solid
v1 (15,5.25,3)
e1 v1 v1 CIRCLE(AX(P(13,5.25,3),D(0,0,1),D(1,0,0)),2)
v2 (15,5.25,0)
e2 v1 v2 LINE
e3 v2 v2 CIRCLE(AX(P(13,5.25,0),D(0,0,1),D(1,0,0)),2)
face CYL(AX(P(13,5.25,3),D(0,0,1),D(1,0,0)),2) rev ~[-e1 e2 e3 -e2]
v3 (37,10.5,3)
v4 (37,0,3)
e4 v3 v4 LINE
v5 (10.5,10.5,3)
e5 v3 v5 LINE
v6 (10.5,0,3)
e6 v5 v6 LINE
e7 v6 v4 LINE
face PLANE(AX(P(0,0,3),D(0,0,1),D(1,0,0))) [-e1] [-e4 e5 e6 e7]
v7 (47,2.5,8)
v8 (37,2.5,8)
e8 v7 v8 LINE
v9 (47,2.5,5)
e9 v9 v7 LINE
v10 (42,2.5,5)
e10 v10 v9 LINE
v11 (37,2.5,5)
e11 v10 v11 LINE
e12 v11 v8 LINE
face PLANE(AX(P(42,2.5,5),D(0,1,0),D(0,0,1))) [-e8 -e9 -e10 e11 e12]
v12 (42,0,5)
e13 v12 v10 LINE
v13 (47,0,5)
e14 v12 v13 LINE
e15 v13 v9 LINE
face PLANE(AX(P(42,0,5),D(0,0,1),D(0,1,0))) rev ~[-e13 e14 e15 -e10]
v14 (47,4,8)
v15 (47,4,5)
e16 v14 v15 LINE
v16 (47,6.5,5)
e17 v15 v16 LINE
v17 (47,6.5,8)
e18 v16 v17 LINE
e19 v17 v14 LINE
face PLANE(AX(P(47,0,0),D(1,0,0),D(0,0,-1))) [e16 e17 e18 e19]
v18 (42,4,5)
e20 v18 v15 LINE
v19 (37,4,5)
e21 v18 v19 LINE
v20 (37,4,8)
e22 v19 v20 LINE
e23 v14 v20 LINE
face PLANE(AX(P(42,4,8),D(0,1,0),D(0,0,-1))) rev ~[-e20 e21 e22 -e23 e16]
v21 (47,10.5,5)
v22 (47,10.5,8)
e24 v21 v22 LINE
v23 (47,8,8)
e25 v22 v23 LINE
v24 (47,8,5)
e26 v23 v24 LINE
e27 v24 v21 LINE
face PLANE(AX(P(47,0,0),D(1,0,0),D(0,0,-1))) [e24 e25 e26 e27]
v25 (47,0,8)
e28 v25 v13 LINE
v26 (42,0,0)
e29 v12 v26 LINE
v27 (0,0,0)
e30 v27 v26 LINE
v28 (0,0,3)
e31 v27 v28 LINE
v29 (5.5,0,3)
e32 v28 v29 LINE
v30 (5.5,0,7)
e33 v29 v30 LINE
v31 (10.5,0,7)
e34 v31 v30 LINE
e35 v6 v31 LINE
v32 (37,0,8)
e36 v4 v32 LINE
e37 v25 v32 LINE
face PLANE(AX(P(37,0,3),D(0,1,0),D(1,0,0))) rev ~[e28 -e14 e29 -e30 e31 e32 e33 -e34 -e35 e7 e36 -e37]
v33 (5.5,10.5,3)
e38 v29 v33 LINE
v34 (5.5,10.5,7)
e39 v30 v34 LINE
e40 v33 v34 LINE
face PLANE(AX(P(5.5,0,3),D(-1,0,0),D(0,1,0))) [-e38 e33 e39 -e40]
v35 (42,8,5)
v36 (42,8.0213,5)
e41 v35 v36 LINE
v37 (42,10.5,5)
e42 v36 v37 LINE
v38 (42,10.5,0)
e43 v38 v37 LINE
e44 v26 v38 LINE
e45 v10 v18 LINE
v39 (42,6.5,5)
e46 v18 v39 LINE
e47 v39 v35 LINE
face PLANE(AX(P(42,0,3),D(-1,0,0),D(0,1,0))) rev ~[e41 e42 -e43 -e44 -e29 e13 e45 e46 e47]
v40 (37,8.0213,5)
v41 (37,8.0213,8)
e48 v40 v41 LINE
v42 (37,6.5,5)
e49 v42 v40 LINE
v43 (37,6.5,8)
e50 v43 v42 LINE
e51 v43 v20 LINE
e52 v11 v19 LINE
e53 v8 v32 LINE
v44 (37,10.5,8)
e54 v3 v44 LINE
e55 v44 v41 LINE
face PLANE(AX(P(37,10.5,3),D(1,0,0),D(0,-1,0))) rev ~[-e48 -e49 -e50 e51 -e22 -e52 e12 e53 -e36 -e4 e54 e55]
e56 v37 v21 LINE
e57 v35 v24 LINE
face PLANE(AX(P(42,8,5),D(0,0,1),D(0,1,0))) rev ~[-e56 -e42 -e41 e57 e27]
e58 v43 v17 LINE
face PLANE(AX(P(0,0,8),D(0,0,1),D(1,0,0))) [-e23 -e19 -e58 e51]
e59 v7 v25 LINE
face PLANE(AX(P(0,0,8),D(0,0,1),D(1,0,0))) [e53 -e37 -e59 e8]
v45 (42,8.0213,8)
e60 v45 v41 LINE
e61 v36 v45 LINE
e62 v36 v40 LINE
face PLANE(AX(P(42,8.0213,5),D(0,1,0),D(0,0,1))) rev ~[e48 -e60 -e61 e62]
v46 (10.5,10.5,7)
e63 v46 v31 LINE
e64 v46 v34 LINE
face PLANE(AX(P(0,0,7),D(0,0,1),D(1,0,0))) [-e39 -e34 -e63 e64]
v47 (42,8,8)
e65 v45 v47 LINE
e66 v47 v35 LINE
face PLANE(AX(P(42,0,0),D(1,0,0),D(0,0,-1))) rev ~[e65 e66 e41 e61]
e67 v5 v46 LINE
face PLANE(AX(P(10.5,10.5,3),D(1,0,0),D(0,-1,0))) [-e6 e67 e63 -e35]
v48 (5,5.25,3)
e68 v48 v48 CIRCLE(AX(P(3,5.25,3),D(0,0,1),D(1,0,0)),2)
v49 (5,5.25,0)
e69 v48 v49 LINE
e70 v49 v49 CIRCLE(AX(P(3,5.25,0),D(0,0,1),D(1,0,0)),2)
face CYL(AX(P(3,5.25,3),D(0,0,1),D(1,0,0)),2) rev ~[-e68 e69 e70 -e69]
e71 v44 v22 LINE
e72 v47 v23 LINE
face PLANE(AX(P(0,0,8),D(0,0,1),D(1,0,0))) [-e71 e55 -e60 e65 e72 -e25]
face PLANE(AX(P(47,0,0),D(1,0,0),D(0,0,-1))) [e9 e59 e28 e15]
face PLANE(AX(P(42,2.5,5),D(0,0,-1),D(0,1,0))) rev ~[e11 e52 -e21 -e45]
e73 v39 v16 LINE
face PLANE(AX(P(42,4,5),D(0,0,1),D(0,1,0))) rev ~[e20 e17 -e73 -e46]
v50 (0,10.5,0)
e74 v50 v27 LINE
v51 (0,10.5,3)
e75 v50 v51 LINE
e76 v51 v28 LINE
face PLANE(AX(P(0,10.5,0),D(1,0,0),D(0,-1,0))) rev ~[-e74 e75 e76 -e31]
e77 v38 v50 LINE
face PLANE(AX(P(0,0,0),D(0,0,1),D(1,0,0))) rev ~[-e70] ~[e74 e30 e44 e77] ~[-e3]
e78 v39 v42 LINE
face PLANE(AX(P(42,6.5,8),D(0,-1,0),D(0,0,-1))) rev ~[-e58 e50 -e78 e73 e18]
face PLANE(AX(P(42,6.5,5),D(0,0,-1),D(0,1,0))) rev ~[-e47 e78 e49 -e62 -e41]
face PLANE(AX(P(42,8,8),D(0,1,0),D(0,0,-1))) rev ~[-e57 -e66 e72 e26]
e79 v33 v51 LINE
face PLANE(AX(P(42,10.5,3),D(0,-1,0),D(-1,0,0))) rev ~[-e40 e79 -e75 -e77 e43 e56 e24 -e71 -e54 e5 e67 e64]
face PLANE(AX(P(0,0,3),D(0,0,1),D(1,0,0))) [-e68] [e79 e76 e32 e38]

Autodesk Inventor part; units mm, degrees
ref_plane "YZ Plane" through (0, 0, 0) normal (1, 0, 0) x (0, 1, 0)
ref_plane "XZ Plane" through (0, 0, 0) normal (0, 1, 0) x (-1, 0, 0)
ref_plane "XY Plane" through (0, 0, 0) normal (0, 0, 1) x (1, 0, 0)
sketch "Esquisse1" plane through (0, 0, 0) normal (0, 0, 1) x (1, 0, 0)
  line L0 (0, 0) -> (42, 0)
  line L1 (42, 0) -> (42, 10.5)
  line L2 (42, 10.5) -> (0, 10.5)
  line L3 (0, 10.5) -> (0, 0)
  dimension "d0" = 42
  dimension "d1" = 10.5
extrude "Extrusion1" add sketch "Esquisse1" along normal blind 3
sketch "Esquisse2" plane through (0, 0, 3) normal (0, 0, 1) x (1, 0, 0)
  line L0 (0, 10.5) -> (0, 0) projected
  circle A0 centre (3, 5.25) radius 2
  circle A1 centre (13, 5.25) radius 2
  dimension "d4" = 3
  dimension "d5" = 10
  dimension "d6" = 4
  dimension "d7" = 4
extrude "Extrusion2" cut sketch "Esquisse2" against normal through all
sketch "Esquisse3" plane through (0, 0, 3) normal (0, 0, 1) x (1, 0, 0)
  line L0 (0, 10.5) -> (0, 0) projected
  line L1 (0, 10.5) -> (5.5, 10.5)
  line L2 (42, 10.5) -> (0, 10.5) projected
  line L3 (5.5, 10.5) -> (10.5, 10.5)
  line L4 (10.5, 10.5) -> (10.5, 0)
  line L5 (10.5, 0) -> (5.5, 0)
  line L6 (5.5, 0) -> (5.5, 10.5)
  dimension "d10" = 5.5
  dimension "d11" = 5
  dimension "d12" = 10.5
extrude "Extrusion3" add sketch "Esquisse3" along normal blind 4
sketch "Esquisse4" plane through (0, 0, 3) normal (0, 0, 1) x (1, 0, 0)
  line L0 (42, 10.5) -> (0, 10.5) projected
  line L1 (42, 10.5) -> (37, 10.5)
  line L2 (37, 10.5) -> (37, 0)
  line L3 (37, 0) -> (42, 0)
  line L4 (42, 0) -> (42, 10.5)
  point P0 (0, 0)
  dimension "d15" = 5
  dimension "d16" = 10.5
extrude "Extrusion4" add sketch "Esquisse4" along normal blind 5
sketch "Esquisse5" plane through (42, 0, 0) normal (1, 0, 0) x (0, 0, -1)
  line L0 (-8, 10.5) -> (-8, 0) projected
  line L1 (-8, 0) -> (-5, 0)
  line L2 (-5, 0) -> (-5, 2.5)
  line L3 (-5, 2.5) -> (-8, 2.5)
  line L4 (-8, 2.5) -> (-8, 0)
  line L5 (-8, 2.5) -> (-8, 4)
  line L6 (-8, 4) -> (-5, 4)
  line L7 (-5, 4) -> (-5, 6.5)
  line L8 (-5, 6.5) -> (-8, 6.5)
  line L9 (-8, 6.5) -> (-8, 4)
  line L10 (-8, 6.5) -> (-8, 8)
  line L11 (-8, 8) -> (-5, 8)
  line L12 (-5, 8) -> (-5, 10.5)
  line L13 (-5, 10.5) -> (-8, 10.5)
  line L14 (-8, 10.5) -> (-8, 8)
  point P0 (0, 0)
  dimension "d21" = 3
  dimension "d22" = 2.5
  dimension "d23" = 1.5
  dimension "d24" = 3
  dimension "d25" = 2.5
  dimension "d26" = 1.5
  dimension "d27" = 3
  dimension "d28" = 2.5
extrude "Extrusion5" add sketch "Esquisse5" along normal blind 5
sketch "Esquisse6" plane through (42, 0, 0) normal (1, 0, 0) x (0, 0, -1)
  line L0 (-5, 2.5) -> (-8, 2.5) projected
  line L1 (-5, 6.5) -> (-5, 4) projected
  line L2 (-8, 2.5) -> (-5, 2.5)
  line L3 (-5, 2.5) -> (-5, 4)
  line L4 (-5, 4) -> (-8, 4)
  line L5 (-8, 4) -> (-8, 2.5)
  line L6 (-8, 6.5) -> (-5, 6.5)
  line L7 (-5, 6.5) -> (-5, 8.0213)
  line L8 (-5, 8.0213) -> (-8, 8.0213)
  line L9 (-8, 8.0213) -> (-8, 6.5)
  point P0 (0, 0)
extrude "Extrusion6" cut sketch "Esquisse6" against normal blind 5
properties part number "IF - TCRT5000"
